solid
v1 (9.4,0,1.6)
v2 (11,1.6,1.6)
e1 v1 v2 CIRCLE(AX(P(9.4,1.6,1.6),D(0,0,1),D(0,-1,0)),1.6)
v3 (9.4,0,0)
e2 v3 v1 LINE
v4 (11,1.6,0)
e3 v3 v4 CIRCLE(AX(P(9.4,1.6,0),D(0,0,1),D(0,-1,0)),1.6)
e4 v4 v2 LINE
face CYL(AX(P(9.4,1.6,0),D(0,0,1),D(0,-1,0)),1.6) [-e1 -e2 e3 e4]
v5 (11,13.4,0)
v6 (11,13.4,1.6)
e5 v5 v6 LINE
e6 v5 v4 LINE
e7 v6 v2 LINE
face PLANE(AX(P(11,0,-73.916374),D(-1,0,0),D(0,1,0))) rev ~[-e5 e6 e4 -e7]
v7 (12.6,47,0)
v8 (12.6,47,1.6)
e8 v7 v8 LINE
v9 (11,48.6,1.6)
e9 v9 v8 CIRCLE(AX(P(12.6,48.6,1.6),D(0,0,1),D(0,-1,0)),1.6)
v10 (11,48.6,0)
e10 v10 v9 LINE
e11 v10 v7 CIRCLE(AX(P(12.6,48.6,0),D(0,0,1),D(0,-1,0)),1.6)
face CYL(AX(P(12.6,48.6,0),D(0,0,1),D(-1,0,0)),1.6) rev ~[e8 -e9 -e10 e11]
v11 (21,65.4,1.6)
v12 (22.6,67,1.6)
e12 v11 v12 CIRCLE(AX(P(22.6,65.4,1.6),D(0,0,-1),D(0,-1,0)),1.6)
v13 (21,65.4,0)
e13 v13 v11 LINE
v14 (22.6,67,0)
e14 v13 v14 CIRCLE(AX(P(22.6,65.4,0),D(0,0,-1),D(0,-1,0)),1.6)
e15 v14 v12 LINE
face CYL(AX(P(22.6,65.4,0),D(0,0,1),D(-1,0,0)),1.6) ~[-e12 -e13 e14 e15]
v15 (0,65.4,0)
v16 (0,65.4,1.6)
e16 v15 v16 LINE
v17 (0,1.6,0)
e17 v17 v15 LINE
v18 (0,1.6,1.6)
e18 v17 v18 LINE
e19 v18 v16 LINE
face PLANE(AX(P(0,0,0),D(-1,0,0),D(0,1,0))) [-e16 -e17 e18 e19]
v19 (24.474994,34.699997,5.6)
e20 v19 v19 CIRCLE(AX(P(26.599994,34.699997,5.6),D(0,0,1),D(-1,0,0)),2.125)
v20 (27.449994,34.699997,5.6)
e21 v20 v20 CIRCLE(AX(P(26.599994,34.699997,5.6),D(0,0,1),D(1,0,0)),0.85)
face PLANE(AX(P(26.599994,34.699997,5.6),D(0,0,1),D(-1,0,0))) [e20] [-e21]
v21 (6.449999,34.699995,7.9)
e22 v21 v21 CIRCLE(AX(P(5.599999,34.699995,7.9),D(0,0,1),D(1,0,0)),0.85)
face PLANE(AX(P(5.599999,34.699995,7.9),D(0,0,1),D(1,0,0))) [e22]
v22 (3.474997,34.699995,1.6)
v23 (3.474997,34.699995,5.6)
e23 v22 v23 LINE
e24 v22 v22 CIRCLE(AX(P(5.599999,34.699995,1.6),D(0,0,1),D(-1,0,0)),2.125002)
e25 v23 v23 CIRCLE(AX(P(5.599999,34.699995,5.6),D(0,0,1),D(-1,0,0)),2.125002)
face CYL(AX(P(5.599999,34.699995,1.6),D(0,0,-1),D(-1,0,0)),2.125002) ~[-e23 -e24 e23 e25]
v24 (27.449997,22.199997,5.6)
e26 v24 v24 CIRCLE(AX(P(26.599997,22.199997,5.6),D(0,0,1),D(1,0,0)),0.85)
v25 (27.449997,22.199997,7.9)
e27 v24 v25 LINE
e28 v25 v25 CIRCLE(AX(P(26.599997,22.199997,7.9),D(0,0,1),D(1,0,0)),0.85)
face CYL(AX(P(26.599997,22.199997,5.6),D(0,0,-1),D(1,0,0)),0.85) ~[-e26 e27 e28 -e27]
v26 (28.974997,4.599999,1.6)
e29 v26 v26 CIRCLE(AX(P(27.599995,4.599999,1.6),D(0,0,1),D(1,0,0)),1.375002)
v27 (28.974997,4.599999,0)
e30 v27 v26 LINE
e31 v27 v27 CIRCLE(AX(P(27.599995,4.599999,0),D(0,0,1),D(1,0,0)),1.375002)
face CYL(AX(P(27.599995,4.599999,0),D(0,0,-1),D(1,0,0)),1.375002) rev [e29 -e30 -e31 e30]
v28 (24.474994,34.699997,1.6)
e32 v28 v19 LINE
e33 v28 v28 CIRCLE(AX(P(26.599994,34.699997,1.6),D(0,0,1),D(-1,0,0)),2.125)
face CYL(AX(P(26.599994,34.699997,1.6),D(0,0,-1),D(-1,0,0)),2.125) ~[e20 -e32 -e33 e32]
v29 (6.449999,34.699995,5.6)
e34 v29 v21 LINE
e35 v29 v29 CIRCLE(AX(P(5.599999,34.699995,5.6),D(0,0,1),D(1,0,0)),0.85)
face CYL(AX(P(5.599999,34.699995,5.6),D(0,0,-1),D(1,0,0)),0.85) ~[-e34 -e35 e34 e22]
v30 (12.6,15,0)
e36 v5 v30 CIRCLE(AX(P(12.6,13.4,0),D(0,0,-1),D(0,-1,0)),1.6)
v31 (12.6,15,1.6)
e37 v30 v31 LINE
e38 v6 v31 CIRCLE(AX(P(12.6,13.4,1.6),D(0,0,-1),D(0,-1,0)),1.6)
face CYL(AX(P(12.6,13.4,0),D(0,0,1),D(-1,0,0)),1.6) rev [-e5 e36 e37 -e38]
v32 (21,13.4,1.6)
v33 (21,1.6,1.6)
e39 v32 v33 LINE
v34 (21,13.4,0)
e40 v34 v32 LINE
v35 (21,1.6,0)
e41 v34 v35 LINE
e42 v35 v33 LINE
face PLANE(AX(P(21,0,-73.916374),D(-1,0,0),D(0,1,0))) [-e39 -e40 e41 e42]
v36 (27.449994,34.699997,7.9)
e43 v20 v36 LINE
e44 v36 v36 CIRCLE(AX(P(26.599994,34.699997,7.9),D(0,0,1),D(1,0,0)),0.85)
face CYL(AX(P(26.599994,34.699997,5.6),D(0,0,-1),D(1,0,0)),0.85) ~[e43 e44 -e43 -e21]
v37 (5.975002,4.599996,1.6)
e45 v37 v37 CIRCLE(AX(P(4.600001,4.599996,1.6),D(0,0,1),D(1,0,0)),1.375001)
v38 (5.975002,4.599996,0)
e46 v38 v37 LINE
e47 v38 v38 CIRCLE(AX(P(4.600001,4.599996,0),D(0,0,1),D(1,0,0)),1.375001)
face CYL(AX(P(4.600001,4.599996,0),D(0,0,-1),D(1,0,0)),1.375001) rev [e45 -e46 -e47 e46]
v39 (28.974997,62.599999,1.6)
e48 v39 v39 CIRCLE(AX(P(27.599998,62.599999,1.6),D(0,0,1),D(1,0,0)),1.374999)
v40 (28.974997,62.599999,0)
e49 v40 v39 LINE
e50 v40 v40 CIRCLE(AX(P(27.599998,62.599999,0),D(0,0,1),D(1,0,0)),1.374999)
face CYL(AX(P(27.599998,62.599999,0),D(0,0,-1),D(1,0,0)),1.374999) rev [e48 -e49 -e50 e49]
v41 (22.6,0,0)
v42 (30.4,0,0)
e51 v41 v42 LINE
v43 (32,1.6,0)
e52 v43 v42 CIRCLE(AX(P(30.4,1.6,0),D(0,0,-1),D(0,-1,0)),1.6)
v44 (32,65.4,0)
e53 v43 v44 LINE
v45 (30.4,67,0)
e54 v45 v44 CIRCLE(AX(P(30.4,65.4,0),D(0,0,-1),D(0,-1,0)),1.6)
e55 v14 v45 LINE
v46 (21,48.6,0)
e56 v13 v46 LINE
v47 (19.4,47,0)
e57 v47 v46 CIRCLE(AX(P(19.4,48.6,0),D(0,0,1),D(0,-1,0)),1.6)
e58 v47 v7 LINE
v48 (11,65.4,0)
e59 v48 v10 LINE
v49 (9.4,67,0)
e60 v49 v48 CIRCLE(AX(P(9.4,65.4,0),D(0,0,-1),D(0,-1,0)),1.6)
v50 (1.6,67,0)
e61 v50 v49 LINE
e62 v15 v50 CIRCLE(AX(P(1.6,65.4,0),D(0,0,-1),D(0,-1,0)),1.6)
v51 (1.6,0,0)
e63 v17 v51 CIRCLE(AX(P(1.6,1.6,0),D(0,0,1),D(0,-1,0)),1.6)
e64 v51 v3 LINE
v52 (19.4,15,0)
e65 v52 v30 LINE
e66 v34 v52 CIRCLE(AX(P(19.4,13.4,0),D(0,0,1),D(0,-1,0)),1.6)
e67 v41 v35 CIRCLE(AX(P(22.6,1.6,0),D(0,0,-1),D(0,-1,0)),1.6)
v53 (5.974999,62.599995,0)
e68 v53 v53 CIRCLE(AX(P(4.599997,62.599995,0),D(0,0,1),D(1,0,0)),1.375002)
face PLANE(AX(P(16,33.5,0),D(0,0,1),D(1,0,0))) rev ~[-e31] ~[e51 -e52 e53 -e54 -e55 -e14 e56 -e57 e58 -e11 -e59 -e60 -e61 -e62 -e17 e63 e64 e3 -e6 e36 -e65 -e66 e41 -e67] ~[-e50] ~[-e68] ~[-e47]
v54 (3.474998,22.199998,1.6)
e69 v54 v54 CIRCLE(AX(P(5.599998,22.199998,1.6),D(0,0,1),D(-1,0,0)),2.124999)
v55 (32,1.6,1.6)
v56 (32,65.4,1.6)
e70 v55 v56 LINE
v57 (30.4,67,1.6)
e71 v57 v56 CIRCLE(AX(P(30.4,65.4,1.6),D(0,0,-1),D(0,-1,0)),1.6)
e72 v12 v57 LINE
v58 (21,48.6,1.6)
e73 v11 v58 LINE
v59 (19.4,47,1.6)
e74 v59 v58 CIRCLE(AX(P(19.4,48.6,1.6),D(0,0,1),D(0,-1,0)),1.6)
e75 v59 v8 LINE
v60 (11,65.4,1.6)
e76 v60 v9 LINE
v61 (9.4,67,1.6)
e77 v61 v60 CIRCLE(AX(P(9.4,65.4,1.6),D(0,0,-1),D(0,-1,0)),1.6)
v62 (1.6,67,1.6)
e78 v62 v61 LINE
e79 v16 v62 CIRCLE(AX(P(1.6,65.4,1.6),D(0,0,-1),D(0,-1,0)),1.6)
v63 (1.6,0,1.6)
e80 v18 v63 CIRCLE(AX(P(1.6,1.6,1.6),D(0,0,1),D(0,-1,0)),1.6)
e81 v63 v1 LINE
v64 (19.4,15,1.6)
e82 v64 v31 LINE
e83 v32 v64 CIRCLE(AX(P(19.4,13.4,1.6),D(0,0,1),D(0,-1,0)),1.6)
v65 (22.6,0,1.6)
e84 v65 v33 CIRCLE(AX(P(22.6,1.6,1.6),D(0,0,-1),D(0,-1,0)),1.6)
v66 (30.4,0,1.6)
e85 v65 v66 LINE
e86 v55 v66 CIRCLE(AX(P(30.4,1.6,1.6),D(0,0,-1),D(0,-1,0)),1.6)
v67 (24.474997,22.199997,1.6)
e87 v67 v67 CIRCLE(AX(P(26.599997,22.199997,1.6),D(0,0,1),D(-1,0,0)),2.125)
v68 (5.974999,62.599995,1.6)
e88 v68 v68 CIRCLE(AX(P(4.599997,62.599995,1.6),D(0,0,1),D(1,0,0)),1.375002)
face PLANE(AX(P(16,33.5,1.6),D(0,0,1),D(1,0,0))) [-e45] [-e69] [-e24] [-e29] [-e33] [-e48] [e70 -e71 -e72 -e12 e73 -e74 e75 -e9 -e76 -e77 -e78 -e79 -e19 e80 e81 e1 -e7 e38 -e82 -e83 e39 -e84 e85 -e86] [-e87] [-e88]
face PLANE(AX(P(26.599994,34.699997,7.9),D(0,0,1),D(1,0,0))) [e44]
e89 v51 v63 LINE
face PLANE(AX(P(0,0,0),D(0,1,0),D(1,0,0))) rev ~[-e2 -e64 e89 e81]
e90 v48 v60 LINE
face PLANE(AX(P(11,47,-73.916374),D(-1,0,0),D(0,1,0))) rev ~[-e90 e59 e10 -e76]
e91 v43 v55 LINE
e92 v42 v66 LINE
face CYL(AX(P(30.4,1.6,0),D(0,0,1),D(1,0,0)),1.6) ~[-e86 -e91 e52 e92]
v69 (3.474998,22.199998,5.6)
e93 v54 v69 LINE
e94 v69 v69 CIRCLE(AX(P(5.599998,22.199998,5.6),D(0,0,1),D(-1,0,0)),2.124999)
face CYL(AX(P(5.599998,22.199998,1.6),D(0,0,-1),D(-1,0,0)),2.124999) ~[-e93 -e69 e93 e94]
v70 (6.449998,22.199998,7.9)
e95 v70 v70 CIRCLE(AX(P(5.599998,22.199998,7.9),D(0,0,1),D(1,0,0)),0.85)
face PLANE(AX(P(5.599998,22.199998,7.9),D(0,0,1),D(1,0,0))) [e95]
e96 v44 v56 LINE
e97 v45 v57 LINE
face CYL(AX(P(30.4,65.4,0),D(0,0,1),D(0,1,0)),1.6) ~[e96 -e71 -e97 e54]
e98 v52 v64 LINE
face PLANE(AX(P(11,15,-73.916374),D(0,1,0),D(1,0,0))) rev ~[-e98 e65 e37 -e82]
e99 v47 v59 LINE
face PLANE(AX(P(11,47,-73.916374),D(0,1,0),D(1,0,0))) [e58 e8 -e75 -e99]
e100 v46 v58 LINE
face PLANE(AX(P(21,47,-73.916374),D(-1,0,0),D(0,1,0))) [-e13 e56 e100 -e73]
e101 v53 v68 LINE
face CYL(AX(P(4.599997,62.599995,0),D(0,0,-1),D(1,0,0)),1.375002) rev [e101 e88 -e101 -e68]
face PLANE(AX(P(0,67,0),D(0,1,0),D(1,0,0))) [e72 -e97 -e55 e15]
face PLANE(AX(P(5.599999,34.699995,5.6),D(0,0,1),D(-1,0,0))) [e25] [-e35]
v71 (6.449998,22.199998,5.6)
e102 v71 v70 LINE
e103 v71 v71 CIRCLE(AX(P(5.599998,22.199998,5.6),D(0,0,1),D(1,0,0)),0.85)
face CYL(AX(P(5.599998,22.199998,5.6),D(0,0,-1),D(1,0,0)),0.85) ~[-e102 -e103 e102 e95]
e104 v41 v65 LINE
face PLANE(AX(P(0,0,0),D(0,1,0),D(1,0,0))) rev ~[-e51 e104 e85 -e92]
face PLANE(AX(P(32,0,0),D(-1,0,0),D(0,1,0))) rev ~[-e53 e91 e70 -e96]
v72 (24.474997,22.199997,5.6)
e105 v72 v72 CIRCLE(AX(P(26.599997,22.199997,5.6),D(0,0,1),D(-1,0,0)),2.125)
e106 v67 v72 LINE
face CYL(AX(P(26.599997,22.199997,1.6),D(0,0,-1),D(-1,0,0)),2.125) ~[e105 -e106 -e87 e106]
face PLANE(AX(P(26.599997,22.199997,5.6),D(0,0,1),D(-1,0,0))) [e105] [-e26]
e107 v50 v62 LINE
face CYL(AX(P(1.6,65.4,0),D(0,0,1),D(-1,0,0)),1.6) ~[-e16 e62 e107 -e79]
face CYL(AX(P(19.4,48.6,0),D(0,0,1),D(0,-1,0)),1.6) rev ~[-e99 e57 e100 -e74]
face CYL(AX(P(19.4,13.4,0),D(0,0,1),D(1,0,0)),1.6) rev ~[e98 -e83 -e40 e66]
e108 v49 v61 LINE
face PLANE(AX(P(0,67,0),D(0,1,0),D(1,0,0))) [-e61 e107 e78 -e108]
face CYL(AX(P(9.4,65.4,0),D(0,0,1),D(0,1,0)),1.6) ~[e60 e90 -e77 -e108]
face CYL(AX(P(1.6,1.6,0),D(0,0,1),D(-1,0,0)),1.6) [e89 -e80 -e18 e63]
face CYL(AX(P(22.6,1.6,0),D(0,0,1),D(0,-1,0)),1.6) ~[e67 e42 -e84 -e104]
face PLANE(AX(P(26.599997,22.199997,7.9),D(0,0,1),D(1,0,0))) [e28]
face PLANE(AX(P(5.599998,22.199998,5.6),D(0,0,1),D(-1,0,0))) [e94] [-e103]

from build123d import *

# Parameters (mm, degrees)
SZKIC2_W                        = 32
SZKIC2_H                        = 67
SZKIC2_R                        = 1.375001118
SZKIC2_R_2                      = 1.375002453
SZKIC2_R_3                      = 1.374998979
SZKIC2_R_4                      = 1.375001969
DODANIE_WYCI_GNI_CIE1_DEPTH     = 1.6
SZKIC3_R                        = 2.125002003
SZKIC3_R_2                      = 2.125000412
SZKIC3_R_3                      = 2.124999361
SZKIC3_R_4                      = 2.125
DODANIE_WYCI_GNI_CIE2_DEPTH     = 4
SZKIC4_R                        = 0.85
DODANIE_WYCI_GNI_CIE3_DEPTH     = 2.3
WYTNIJ_WYCI_GNI_CIE1_DEPTH      = 75.51637404
WYTNIJ_WYCI_GNI_CIE1_DEPTH_BACK = 75.51637404
SZKIC5_W                        = 10
SZKIC5_H                        = 20
SZKIC5_H_2                      = 15
ZAOKR_GLENIE1_R                 = 1.6


with BuildPart() as part:
    # Szkic2 → Dodanie-wyciągnięcie1 (new body)
    with BuildSketch(Plane.XY):
        with Locations((16, 33.5)):
            Rectangle(SZKIC2_W, SZKIC2_H)
        with Locations((4.60000054, 4.59999621)):
            Circle(SZKIC2_R, mode=Mode.SUBTRACT)
        with Locations((27.599994617, 4.599998848)):
            Circle(SZKIC2_R_2, mode=Mode.SUBTRACT)
        with Locations((27.599997676, 62.599998714)):
            Circle(SZKIC2_R_3, mode=Mode.SUBTRACT)
        with Locations((4.599996565, 62.599994963)):
            Circle(SZKIC2_R_4, mode=Mode.SUBTRACT)
    extrude(amount=DODANIE_WYCI_GNI_CIE1_DEPTH)

    # Szkic3 → Dodanie-wyciągnięcie2 (add)
    with BuildSketch(Plane.XY.offset(1.6)):
        with Locations(Location((5.599998705, 34.699994945, 0), (0, 0, 180))):
            Circle(SZKIC3_R)
        with Locations(Location((26.599994052, 34.699996536, 0), (0, 0, 180))):
            Circle(SZKIC3_R_2)
        with Locations(Location((5.599997835, 22.199997588, 0), (0, 0, 180))):
            Circle(SZKIC3_R_3)
        with Locations(Location((26.599996674, 22.199996948, 0), (0, 0, 180))):
            Circle(SZKIC3_R_4)
    extrude(amount=DODANIE_WYCI_GNI_CIE2_DEPTH)

    # Szkic4 → Dodanie-wyciągnięcie3 (add)
    with BuildSketch(Plane.XY.offset(5.6)):
        with Locations((5.599998705, 34.699994945)):
            Circle(SZKIC4_R)
        with Locations((26.599994052, 34.699996536)):
            Circle(SZKIC4_R)
        with Locations((5.599997835, 22.199997588)):
            Circle(SZKIC4_R)
        with Locations((26.599996674, 22.199996948)):
            Circle(SZKIC4_R)
    extrude(amount=DODANIE_WYCI_GNI_CIE3_DEPTH)

    # Szkic5 → Wytnij-wyciągnięcie1 (cut, two sides: drawn at the far end of the back side and taken through both)
    with BuildSketch(Plane.XY.offset(1.6).offset(-WYTNIJ_WYCI_GNI_CIE1_DEPTH_BACK)):
        with Locations((16, 57)):
            Rectangle(SZKIC5_W, SZKIC5_H)
        with Locations((16, 7.5)):
            Rectangle(SZKIC5_W, SZKIC5_H_2)
    extrude(amount=WYTNIJ_WYCI_GNI_CIE1_DEPTH + WYTNIJ_WYCI_GNI_CIE1_DEPTH_BACK, mode=Mode.SUBTRACT)

    # Zaokrąglenie1
    zaokr_glenie1_edges = [part.edges().sort_by_distance(p)[0] for p in [
        (0, 67, 0.8),
        (21, 0, 0.8),
        (11, 15, 0.8),
        (32, 67, 0.8),
        (11, 0, 0.8),
        (21, 15, 0.8),
        (32, 0, 0.8),
        (0, 0, 0.8),
        (11, 67, 0.8),
        (21, 47, 0.8),
        (21, 67, 0.8),
        (11, 47, 0.8),
    ]]
    fillet(zaokr_glenie1_edges, radius=ZAOKR_GLENIE1_R)


solid = part.part
